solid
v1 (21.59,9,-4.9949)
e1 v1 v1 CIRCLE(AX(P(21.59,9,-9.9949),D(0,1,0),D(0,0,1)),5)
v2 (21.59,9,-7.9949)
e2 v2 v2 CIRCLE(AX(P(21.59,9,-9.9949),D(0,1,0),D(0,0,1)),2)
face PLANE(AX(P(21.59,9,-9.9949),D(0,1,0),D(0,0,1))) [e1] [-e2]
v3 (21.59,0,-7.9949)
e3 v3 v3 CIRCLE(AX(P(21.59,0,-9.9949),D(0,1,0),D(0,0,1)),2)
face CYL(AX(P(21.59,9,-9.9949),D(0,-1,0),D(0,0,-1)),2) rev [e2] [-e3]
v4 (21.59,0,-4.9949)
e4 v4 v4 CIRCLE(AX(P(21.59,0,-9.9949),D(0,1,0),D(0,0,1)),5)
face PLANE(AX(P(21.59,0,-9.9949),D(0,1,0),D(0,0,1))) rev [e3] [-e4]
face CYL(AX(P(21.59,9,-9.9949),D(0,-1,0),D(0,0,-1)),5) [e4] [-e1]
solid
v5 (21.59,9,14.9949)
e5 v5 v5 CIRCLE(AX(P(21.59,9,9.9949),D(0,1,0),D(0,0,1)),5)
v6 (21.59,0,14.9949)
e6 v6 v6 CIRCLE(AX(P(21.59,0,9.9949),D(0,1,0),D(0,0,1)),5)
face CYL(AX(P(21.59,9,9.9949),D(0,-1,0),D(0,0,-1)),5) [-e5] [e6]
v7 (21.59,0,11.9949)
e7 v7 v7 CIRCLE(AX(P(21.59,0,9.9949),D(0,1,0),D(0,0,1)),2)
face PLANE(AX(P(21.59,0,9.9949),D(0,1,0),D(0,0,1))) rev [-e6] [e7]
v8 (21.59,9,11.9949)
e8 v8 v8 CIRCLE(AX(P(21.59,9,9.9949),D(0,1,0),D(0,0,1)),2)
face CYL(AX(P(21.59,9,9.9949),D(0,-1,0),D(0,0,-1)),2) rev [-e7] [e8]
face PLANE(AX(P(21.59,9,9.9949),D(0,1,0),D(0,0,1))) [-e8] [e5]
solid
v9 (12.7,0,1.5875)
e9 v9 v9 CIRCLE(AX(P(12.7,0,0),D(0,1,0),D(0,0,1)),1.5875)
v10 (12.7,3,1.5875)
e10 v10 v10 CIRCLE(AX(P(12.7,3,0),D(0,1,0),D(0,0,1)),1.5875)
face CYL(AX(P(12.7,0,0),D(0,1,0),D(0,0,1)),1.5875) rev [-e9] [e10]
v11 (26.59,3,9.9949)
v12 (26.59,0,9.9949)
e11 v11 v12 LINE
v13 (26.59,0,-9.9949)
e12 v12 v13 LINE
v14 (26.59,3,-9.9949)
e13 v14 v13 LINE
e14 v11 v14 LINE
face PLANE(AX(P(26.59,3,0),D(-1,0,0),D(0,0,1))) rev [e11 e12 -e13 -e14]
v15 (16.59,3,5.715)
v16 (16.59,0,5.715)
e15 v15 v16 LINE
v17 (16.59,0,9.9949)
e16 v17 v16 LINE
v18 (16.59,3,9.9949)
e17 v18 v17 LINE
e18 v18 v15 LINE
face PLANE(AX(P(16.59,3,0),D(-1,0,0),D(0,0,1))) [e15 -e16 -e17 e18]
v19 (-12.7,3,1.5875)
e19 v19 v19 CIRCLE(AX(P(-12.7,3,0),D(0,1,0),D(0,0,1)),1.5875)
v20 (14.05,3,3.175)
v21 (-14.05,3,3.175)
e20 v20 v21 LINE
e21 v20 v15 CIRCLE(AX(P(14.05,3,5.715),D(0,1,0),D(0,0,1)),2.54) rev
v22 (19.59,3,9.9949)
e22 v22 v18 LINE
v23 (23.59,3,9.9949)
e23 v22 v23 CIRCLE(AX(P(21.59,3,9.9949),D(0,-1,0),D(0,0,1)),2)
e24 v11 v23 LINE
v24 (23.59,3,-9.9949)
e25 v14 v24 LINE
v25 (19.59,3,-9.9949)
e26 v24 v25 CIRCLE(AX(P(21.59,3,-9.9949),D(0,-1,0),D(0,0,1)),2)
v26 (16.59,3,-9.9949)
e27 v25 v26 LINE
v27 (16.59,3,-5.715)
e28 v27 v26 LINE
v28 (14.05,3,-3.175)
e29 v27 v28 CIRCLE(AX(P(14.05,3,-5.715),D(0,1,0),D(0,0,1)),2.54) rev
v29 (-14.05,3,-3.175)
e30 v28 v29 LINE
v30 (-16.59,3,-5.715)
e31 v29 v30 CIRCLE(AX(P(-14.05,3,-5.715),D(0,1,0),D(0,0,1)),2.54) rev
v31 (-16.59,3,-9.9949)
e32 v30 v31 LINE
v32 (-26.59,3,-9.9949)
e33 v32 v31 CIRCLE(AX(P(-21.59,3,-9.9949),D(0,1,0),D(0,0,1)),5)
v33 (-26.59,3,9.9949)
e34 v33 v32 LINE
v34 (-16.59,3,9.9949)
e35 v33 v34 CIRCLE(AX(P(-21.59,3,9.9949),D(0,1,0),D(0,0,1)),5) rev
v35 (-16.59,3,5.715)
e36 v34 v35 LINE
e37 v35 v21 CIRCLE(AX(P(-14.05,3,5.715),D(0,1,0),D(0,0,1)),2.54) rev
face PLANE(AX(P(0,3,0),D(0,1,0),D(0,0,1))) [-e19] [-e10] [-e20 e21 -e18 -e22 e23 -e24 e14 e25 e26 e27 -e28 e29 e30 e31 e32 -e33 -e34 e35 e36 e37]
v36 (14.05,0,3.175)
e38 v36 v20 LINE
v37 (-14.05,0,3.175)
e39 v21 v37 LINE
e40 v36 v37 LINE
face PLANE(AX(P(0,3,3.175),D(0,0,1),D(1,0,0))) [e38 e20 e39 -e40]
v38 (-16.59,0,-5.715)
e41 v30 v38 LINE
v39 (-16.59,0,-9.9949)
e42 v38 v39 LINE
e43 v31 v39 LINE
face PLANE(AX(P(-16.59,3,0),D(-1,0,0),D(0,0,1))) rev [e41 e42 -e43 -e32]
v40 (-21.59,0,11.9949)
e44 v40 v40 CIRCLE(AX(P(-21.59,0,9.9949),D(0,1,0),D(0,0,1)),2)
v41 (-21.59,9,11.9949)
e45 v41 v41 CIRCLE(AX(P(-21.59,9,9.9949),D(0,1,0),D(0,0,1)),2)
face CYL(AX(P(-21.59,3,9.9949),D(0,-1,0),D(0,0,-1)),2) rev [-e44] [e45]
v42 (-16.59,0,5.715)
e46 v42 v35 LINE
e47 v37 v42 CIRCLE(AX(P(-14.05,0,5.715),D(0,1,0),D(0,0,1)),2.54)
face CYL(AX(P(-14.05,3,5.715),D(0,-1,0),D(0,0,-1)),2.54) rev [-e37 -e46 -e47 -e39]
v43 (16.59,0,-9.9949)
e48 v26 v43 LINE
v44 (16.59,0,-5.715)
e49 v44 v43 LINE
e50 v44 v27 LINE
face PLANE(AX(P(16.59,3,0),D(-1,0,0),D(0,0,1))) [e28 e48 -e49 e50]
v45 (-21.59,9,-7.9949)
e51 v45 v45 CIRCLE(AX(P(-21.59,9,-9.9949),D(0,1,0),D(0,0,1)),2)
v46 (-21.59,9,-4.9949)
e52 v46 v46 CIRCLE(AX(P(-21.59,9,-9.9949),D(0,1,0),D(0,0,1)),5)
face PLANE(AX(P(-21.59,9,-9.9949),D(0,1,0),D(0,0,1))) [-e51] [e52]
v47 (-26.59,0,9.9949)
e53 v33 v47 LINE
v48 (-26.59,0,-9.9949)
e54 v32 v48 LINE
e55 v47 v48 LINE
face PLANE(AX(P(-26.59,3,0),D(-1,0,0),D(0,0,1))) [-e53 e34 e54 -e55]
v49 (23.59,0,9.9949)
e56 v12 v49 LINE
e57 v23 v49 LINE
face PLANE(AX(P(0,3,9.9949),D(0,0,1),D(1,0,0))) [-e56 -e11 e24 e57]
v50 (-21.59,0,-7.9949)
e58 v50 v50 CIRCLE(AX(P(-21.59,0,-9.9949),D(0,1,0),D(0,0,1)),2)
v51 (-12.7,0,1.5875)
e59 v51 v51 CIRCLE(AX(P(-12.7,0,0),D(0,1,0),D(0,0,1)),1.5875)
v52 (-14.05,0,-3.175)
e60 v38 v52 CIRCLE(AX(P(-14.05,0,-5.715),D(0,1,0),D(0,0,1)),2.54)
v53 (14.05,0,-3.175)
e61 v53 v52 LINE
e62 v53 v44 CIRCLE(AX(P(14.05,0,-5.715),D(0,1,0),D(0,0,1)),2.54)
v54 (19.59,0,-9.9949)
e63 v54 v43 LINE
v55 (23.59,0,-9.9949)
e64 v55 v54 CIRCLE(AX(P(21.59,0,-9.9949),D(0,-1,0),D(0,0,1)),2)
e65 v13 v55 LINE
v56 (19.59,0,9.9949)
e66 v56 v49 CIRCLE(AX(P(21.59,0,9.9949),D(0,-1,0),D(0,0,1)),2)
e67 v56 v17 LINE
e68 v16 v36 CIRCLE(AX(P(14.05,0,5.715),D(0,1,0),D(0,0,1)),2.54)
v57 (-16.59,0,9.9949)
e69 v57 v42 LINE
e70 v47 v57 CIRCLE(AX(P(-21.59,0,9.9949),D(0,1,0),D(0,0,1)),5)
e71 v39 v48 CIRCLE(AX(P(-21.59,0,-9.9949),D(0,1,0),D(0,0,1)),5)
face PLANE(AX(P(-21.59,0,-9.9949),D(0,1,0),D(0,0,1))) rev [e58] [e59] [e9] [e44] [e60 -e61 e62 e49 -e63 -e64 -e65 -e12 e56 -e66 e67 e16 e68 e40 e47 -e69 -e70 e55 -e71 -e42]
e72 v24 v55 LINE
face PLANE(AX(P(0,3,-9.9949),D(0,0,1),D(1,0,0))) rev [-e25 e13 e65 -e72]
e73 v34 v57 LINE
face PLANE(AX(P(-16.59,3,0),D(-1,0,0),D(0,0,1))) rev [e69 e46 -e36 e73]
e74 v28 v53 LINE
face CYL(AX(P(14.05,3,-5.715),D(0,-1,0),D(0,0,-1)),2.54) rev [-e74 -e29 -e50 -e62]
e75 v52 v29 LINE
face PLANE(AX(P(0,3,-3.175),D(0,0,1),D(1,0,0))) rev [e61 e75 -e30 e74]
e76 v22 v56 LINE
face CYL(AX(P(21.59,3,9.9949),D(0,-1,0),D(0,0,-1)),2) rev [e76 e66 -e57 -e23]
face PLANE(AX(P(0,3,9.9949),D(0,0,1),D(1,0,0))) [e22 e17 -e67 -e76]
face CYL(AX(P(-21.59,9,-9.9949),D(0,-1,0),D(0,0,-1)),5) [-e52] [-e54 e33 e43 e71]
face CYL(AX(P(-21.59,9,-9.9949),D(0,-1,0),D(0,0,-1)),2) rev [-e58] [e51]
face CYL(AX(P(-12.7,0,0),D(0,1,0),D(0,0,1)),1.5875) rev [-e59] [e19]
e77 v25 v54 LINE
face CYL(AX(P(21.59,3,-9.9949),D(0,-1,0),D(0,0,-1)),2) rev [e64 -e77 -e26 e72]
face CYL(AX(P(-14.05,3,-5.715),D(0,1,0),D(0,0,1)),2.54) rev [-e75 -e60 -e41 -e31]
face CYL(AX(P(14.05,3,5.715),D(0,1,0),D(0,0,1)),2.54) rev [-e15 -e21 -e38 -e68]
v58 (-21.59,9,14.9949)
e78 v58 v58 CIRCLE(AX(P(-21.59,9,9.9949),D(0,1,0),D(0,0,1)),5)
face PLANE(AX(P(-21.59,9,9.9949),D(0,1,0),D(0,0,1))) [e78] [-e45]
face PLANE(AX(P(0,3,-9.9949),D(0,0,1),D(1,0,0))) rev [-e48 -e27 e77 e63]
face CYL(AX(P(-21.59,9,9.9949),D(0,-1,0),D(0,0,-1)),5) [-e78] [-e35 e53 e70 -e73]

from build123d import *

# Parameters (mm, degrees)
SKETCH4_R             = 5
SKETCH4_R_2           = 2
BOSS_EXTRUDE3_DEPTH   = 9
BOSS_EXTRUDE3_2_DEPTH = 9
BOSS_EXTRUDE3_3_DEPTH = 9
BOSS_EXTRUDE3_4_DEPTH = 9
BOSS_EXTRUDE4_DEPTH   = 3
SKETCH6_R             = 1.5875
CUT_EXTRUDE1_DEPTH    = 32.110691506
FILLET1_R             = 2.54


with BuildPart() as part:
    # Sketch4 → Boss-Extrude3 (new body)
    with BuildSketch(Plane(origin=(0, 0, 0), x_dir=(1, 0, 0), z_dir=(0, 1, 0))):
        with Locations(Location((-21.59, 9.9949, 0), (0, 0, 270))):
            Circle(SKETCH4_R)
        with Locations(Location((-21.59, 9.9949, 0), (0, 0, 270))):
            Circle(SKETCH4_R_2, mode=Mode.SUBTRACT)
    extrude(amount=BOSS_EXTRUDE3_DEPTH)



with BuildPart() as body_2:
    # Sketch4 → Boss-Extrude3 2 (new body)
    with BuildSketch(Plane(origin=(0, 0, 0), x_dir=(1, 0, 0), z_dir=(0, 1, 0))):
        with Locations(Location((-21.59, -9.9949, 0), (0, 0, 270))):
            Circle(SKETCH4_R)
        with Locations(Location((-21.59, -9.9949, 0), (0, 0, 270))):
            Circle(SKETCH4_R_2, mode=Mode.SUBTRACT)
    extrude(amount=BOSS_EXTRUDE3_2_DEPTH)


with BuildPart() as body_3:
    # Sketch4 → Boss-Extrude3 3 (new body)
    with BuildSketch(Plane(origin=(0, 0, 0), x_dir=(1, 0, 0), z_dir=(0, 1, 0))):
        with Locations(Location((21.59, 9.9949, 0), (0, 0, 270))):
            Circle(SKETCH4_R)
        with Locations(Location((21.59, 9.9949, 0), (0, 0, 270))):
            Circle(SKETCH4_R_2, mode=Mode.SUBTRACT)
    extrude(amount=BOSS_EXTRUDE3_3_DEPTH)


with BuildPart() as body_4:
    # Sketch4 → Boss-Extrude3 4 (new body)
    with BuildSketch(Plane(origin=(0, 0, 0), x_dir=(1, 0, 0), z_dir=(0, 1, 0))):
        with Locations(Location((21.59, -9.9949, 0), (0, 0, 270))):
            Circle(SKETCH4_R)
        with Locations(Location((21.59, -9.9949, 0), (0, 0, 270))):
            Circle(SKETCH4_R_2, mode=Mode.SUBTRACT)
    extrude(amount=BOSS_EXTRUDE3_4_DEPTH)


with BuildPart() as part_1:
    add(part.part)

    add(body_2.part)  # Boss-Extrude4 merges body 2
    # Sketch5 → Boss-Extrude4 (add)
    with BuildSketch(Plane(origin=(0, 0, 0), x_dir=(1, 0, 0), z_dir=(0, 1, 0))):
        with BuildLine():
            ThreePointArc((-23.59, -9.9949), (-21.59, -7.9949), (-19.59, -9.9949))
            Line((-19.59, -9.9949), (-16.59, -9.9949))
            Line((-16.59, -9.9949), (-16.59, -3.175))
            Line((-16.59, -3.175), (0, -3.175))
            Line((0, -3.175), (0, 3.175))
            Line((0, 3.175), (-16.59, 3.175))
            Line((-16.59, 3.175), (-16.59, 9.9949))
            Line((-16.59, 9.9949), (-19.59, 9.9949))
            ThreePointArc((-19.59, 9.9949), (-21.59, 7.9949), (-23.59, 9.9949))
            Line((-23.59, 9.9949), (-26.59, 9.9949))
            Line((-26.59, 9.9949), (-26.59, -9.9949))
            Line((-26.59, -9.9949), (-23.59, -9.9949))
        make_face()
    boss_extrude4 = extrude(amount=BOSS_EXTRUDE4_DEPTH)

    # Mirror1: Boss-Extrude4 across plane
    add(boss_extrude4.mirror(Plane(origin=(0, 0, 0), x_dir=(0, 0, 1), z_dir=(1, 0, 0))))

    # Sketch6 → Cut-Extrude1 (cut, through all)
    with BuildSketch(Plane(origin=(0, 3, 0), x_dir=(1, 0, 0), z_dir=(0, 1, 0))):
        with Locations(Location((-12.7, 0, 0), (0, 0, 270))):
            Circle(SKETCH6_R)
        with Locations(Location((12.7, 0, 0), (0, 0, 270))):
            Circle(SKETCH6_R)
    extrude(amount=-CUT_EXTRUDE1_DEPTH, mode=Mode.SUBTRACT)

    # Fillet1
    fillet1_edges = [part_1.edges().sort_by_distance(p)[0] for p in [
        (-16.59, 1.5, 3.175),
        (-16.59, 1.5, -3.175),
        (16.59, 1.5, -3.175),
        (16.59, 1.5, 3.175),
    ]]
    fillet(fillet1_edges, radius=FILLET1_R)


solid = Compound([body_3.part, body_4.part, part_1.part])
